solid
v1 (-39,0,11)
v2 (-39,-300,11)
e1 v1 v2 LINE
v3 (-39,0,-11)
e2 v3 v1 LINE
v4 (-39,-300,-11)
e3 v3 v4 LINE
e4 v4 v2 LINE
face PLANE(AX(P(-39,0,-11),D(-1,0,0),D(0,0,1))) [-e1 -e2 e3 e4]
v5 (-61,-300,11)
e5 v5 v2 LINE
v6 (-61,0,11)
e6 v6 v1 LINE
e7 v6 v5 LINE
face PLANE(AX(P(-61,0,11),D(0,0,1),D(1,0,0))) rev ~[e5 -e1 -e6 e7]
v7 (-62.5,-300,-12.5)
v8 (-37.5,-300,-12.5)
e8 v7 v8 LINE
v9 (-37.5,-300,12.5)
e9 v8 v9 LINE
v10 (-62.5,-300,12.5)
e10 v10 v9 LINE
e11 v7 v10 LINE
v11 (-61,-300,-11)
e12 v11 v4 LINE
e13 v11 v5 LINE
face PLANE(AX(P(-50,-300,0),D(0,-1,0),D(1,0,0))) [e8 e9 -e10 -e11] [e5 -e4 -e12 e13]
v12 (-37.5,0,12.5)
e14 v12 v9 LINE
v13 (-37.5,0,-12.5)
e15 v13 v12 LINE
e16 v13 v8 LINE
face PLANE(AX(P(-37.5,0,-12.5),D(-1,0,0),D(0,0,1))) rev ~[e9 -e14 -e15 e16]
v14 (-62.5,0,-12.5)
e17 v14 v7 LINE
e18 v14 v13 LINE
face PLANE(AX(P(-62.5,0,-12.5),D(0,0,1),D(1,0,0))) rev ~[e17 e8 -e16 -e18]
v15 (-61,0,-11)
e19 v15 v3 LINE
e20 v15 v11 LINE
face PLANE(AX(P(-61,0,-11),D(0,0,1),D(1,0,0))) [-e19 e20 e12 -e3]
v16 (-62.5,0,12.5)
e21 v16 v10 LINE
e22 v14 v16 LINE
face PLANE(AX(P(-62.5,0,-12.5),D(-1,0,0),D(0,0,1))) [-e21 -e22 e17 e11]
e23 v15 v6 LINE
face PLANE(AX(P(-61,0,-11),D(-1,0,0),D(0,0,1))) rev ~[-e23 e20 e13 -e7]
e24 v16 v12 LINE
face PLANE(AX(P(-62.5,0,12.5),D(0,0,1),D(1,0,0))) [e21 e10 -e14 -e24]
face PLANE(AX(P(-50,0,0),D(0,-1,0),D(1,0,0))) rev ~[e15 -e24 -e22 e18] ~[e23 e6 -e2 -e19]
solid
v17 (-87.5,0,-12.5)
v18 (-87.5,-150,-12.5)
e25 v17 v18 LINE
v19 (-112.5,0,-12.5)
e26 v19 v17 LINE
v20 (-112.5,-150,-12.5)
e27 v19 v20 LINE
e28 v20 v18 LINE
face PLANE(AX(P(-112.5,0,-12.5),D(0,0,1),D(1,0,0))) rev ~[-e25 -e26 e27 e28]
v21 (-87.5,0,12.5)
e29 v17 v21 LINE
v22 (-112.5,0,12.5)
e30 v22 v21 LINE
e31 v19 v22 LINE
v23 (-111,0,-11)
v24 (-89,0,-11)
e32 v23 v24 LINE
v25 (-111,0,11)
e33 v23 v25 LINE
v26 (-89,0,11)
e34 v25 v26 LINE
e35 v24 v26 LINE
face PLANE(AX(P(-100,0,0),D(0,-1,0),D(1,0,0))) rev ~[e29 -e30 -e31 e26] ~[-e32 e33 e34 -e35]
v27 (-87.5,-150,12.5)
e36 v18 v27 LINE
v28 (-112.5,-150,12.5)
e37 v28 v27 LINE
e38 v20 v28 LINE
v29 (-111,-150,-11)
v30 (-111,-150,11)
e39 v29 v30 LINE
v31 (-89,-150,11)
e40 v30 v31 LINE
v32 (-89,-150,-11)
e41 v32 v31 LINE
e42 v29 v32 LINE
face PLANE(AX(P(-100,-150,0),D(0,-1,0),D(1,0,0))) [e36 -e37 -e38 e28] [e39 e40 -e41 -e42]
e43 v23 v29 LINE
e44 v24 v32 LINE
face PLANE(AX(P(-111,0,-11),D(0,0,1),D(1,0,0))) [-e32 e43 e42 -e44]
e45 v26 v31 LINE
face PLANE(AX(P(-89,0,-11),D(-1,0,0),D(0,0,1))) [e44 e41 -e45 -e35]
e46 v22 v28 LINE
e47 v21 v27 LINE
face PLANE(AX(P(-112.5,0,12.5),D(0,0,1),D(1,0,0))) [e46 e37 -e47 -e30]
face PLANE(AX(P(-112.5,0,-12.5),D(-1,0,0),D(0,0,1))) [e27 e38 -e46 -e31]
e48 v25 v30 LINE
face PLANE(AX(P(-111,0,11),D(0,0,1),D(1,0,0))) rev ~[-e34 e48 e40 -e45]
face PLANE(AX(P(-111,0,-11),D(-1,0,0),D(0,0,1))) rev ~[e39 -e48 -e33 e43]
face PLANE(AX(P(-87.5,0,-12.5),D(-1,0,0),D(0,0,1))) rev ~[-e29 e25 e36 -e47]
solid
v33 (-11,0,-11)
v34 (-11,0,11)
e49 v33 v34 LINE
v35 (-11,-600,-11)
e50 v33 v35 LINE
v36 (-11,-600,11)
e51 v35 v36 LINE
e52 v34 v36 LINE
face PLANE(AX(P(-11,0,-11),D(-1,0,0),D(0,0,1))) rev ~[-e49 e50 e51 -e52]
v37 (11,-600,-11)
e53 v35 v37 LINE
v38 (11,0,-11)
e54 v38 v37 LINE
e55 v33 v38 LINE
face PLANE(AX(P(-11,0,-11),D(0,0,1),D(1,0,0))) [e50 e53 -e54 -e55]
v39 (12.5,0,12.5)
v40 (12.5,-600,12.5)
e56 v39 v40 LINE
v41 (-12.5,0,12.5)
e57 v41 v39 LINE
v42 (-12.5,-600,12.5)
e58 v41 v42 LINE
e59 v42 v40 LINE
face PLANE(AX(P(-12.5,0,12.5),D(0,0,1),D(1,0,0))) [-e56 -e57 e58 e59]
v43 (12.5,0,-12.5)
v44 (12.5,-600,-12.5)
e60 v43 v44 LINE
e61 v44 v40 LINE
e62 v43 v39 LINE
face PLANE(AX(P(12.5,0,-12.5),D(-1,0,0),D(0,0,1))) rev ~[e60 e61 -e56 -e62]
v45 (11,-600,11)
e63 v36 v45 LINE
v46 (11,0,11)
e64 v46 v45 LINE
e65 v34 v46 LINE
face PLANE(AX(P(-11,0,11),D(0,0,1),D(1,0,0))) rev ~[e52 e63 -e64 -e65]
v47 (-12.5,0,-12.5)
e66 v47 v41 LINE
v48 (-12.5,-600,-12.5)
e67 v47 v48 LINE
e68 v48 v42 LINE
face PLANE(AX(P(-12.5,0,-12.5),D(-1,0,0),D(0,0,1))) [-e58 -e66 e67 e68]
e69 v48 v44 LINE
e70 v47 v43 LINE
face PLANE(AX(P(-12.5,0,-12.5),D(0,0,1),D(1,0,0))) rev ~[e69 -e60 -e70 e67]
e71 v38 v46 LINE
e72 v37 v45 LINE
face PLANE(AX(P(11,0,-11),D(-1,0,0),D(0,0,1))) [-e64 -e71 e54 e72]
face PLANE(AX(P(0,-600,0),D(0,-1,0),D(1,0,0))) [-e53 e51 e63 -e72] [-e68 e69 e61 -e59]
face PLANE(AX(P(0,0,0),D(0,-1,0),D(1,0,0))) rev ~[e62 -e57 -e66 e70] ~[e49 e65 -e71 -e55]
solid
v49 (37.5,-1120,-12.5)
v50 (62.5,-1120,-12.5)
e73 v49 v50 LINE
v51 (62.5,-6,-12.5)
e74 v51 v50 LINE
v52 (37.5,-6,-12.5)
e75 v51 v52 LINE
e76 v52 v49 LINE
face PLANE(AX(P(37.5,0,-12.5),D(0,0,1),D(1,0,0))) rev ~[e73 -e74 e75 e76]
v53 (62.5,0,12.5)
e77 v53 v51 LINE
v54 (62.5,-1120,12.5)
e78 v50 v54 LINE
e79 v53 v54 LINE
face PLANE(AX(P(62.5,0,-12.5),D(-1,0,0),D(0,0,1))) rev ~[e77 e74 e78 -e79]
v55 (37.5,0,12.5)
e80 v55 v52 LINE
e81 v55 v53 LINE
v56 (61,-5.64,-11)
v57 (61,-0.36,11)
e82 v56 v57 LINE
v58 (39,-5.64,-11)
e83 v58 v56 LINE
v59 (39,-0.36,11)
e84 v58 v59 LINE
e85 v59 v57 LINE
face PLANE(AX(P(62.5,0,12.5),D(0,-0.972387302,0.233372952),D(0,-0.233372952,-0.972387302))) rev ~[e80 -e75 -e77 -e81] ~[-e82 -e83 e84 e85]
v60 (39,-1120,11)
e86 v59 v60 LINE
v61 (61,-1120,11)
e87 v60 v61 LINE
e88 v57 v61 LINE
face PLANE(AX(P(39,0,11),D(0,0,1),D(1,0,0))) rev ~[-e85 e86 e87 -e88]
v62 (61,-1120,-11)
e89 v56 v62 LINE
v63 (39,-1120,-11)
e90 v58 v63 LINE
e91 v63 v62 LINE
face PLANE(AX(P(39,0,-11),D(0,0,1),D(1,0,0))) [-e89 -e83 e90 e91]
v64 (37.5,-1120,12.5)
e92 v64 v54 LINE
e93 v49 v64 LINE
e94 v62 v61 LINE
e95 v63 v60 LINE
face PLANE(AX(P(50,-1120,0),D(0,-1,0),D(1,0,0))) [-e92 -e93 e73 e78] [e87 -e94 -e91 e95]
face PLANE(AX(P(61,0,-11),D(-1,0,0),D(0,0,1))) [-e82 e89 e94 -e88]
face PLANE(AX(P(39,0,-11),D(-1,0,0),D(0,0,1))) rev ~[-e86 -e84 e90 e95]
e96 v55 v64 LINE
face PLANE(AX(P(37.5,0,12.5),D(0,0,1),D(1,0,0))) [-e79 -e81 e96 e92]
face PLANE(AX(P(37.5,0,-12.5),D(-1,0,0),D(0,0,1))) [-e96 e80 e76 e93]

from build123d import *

# Parameters (mm, degrees)
F0_W     = 25
F0_H     = 25
F0_W_2   = 22
F0_H_2   = 22
F1_DEPTH = 600
F2_W     = 25
F2_H     = 25
F2_W_2   = 22
F2_H_2   = 22
F3_DEPTH = 300
F4_W     = 25
F4_H     = 25
F4_W_2   = 22
F4_H_2   = 22
F5_DEPTH = 1120
F7_DEPTH = 25
F8_W     = 25
F8_H     = 25
F8_W_2   = 22
F8_H_2   = 22
F9_DEPTH = 150


with BuildPart() as f1:
    # F0 (on Front) → F1 (new body)
    with BuildSketch(Plane.XZ):
        Rectangle(F0_W, F0_H)
        Rectangle(F0_W_2, F0_H_2, mode=Mode.SUBTRACT)
    extrude(amount=F1_DEPTH)


with BuildPart() as f3:
    # F2 (on Front) → F3 (new body)
    with BuildSketch(Plane.XZ):
        with Locations((-50, 0)):
            Rectangle(F2_W, F2_H)
        with Locations((-50, 0)):
            Rectangle(F2_W_2, F2_H_2, mode=Mode.SUBTRACT)
    extrude(amount=F3_DEPTH)


with BuildPart() as f5:
    # F4 (on Front) → F5 (new body)
    with BuildSketch(Plane.XZ):
        with Locations((50, 0)):
            Rectangle(F4_W, F4_H)
        with Locations((50, 0)):
            Rectangle(F4_W_2, F4_H_2, mode=Mode.SUBTRACT)
    extrude(amount=F5_DEPTH)

    # F6 (on face) → F7 (cut)
    with BuildSketch(Plane.YZ.offset(62.5)):
        Polygon((0, 12.5), (-6, -12.5), (0, -12.5), align=None)
    extrude(amount=-F7_DEPTH, mode=Mode.SUBTRACT)


with BuildPart() as f9:
    # F8 (on Front) → F9 (new body)
    with BuildSketch(Plane.XZ):
        with Locations((-100, 0)):
            Rectangle(F8_W, F8_H)
        with Locations((-100, 0)):
            Rectangle(F8_W_2, F8_H_2, mode=Mode.SUBTRACT)
    extrude(amount=F9_DEPTH)


solid = Compound([f1.part, f3.part, f5.part, f9.part])
